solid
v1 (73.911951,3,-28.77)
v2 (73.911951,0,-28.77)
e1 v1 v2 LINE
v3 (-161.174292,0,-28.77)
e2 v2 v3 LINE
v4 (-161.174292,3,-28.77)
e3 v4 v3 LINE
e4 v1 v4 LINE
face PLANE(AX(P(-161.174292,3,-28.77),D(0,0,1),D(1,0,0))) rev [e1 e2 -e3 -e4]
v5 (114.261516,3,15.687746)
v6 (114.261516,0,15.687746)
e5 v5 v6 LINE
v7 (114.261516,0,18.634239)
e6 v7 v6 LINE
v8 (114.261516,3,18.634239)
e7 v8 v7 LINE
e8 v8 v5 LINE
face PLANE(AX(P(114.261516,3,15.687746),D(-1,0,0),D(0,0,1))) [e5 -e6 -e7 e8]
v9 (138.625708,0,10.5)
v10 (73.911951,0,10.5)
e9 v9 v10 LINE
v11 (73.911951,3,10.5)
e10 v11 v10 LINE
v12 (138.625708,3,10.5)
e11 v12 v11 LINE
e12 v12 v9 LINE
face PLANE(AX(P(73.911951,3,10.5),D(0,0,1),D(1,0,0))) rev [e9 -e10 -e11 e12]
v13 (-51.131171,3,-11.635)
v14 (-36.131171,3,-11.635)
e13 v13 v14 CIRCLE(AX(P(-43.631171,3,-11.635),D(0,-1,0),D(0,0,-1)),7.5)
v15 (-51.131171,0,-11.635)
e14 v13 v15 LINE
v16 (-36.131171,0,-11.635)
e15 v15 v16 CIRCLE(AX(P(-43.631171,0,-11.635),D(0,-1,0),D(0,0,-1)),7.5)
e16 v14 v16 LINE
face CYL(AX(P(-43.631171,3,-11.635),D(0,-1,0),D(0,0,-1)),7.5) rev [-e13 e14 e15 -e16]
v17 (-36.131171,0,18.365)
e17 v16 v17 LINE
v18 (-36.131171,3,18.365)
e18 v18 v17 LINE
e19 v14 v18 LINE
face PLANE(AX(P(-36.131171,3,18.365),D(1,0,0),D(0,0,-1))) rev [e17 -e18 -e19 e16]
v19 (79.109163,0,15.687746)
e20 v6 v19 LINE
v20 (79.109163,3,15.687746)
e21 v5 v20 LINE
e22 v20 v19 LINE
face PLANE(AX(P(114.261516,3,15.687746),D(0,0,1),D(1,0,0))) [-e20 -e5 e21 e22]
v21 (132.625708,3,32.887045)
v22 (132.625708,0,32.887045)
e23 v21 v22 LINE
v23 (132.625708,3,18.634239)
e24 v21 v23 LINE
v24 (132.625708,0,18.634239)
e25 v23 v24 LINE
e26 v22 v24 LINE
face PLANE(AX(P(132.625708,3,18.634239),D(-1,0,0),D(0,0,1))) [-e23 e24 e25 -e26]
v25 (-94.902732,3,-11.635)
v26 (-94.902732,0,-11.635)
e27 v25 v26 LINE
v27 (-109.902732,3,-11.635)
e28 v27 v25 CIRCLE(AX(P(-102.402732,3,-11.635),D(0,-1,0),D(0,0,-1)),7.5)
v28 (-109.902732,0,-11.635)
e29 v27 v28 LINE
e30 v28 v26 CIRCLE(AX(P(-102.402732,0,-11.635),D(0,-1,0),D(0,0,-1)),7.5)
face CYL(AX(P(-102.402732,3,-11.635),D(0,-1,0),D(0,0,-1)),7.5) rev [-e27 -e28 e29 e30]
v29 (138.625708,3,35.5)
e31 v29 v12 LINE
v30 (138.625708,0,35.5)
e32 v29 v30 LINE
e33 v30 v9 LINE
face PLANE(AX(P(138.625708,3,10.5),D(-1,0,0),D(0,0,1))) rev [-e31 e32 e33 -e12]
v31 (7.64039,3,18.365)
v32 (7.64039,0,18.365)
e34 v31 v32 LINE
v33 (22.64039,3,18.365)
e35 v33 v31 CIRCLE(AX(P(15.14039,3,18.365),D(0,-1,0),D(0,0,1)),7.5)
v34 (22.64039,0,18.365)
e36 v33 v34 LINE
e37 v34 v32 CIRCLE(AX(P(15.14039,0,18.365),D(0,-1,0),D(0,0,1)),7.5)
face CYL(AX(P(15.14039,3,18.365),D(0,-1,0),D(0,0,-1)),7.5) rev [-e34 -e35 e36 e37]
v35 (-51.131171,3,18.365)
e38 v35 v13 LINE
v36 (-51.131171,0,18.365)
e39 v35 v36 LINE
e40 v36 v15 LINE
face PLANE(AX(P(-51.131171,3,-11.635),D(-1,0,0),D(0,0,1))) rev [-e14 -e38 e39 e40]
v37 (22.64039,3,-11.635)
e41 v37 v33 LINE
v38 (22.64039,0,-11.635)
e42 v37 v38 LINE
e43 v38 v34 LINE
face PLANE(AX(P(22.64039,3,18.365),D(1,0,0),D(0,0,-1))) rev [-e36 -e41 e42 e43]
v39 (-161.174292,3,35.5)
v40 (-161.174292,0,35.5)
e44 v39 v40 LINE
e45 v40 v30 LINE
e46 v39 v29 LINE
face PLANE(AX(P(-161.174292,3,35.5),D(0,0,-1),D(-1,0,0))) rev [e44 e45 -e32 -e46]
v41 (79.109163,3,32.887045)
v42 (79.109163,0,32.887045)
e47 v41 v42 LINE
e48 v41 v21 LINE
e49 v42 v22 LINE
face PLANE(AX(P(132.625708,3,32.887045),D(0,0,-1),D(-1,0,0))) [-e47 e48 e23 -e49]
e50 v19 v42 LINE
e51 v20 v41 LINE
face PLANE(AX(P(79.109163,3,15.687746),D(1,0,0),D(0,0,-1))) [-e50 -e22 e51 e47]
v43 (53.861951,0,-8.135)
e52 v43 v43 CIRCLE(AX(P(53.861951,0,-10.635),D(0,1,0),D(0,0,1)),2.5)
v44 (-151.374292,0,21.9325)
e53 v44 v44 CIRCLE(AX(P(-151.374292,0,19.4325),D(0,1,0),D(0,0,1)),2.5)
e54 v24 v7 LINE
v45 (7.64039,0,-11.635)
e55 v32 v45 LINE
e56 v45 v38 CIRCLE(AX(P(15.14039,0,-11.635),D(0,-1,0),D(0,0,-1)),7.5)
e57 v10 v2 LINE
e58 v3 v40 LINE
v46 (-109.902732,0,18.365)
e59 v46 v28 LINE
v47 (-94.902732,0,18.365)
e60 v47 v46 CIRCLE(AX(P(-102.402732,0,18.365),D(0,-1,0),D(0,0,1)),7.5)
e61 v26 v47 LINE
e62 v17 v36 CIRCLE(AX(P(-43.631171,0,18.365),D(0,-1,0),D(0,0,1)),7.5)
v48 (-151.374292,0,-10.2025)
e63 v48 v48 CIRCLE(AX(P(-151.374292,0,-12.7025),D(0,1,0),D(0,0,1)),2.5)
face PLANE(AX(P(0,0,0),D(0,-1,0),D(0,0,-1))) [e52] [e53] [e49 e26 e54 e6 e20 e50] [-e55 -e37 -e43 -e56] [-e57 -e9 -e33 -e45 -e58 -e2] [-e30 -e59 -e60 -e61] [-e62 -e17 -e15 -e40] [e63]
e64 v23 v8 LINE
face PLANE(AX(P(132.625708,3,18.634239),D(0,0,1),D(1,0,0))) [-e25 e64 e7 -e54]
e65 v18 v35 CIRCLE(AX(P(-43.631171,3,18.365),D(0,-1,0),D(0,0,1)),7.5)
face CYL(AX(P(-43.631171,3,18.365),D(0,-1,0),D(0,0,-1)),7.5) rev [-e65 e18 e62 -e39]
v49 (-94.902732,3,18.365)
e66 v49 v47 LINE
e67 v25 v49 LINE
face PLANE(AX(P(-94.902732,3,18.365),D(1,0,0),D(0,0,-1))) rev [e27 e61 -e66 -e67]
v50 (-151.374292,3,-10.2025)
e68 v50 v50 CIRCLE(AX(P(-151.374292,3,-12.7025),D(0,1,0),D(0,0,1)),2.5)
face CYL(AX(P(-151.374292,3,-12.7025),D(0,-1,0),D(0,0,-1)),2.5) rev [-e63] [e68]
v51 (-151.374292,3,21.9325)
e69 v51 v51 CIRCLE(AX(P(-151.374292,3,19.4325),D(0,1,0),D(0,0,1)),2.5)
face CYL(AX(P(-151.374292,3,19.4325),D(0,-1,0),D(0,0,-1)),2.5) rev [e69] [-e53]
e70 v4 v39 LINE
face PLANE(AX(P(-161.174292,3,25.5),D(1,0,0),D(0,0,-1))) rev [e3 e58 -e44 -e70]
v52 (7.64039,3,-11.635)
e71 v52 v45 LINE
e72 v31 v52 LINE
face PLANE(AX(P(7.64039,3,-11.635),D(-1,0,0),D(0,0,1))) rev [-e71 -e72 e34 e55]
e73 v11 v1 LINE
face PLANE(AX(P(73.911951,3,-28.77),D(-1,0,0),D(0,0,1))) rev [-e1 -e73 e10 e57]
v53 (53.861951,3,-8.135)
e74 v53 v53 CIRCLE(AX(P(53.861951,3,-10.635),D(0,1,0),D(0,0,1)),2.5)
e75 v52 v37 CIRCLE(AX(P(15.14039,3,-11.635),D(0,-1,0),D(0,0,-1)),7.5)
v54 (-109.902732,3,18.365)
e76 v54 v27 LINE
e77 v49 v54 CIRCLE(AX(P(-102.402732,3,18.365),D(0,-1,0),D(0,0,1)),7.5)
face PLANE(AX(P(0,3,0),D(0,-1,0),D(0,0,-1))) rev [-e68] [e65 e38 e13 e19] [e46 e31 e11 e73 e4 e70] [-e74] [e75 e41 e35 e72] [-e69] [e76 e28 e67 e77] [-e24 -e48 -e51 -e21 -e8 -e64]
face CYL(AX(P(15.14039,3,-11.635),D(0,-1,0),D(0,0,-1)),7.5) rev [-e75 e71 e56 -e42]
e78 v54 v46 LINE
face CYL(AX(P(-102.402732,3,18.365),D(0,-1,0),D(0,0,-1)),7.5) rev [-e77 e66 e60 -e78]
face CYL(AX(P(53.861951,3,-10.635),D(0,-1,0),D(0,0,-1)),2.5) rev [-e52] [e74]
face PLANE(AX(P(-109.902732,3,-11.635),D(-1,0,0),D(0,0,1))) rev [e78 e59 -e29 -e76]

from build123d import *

# Parameters (mm, degrees)
ESQUISSE1_R             = 2.5
BOSS_EXTRU_1_DEPTH      = 3
ENL_V_MAT_EXTRU_1_DEPTH = 166.064843505


with BuildPart() as part:
    # Esquisse1 → Boss.-Extru.1 (new body)
    with BuildSketch(Plane(origin=(0, 0, 0), x_dir=(1, 0, 0), z_dir=(0, 1, 0))):
        Polygon((-161.174292495, 18.77), (-161.174292495, -25.5), (-161.174292495, -35.5), (138.625707505, -35.5), (138.625707505, -10.5), (73.911950915, -10.5), (73.911950915, 28.77), (-161.174292495, 28.77), align=None)
        with Locations(Location((-151.374292495, -19.4325, 0), (0, 0, 270))):
            Circle(ESQUISSE1_R, mode=Mode.SUBTRACT)
        with Locations(Location((-151.374292495, 12.7025, 0), (0, 0, 270))):
            Circle(ESQUISSE1_R, mode=Mode.SUBTRACT)
        with Locations(Location((53.861950915, 10.635, 0), (0, 0, 270))):
            Circle(ESQUISSE1_R, mode=Mode.SUBTRACT)
        Polygon((114.261515644, -15.687745544), (114.261515644, -18.634239014), (132.625707505, -18.634239014), (132.625707505, -32.887044638), (114.261515644, -32.887044638), (79.109163313, -32.887044638), (79.109163313, -15.687745544), align=None, mode=Mode.SUBTRACT)
    extrude(amount=BOSS_EXTRU_1_DEPTH)

    # Esquisse2 → Enlèv. mat.-Extru.1 (cut, through all)
    with BuildSketch(Plane.XZ):
        with BuildLine():
            Line((7.640390062, -11.635), (7.640390062, 18.365))
            ThreePointArc((7.640390062, 18.365), (15.140390062, 25.865), (22.640390062, 18.365))
            Line((22.640390062, 18.365), (22.640390062, -11.635))
            ThreePointArc((22.640390062, -11.635), (15.140390062, -19.135), (7.640390062, -11.635))
        make_face()
        with BuildLine():
            Line((-51.13117079, -11.635), (-51.13117079, 18.365))
            ThreePointArc((-51.13117079, 18.365), (-43.63117079, 25.865), (-36.13117079, 18.365))
            Line((-36.13117079, 18.365), (-36.13117079, -11.635))
            ThreePointArc((-36.13117079, -11.635), (-43.63117079, -19.135), (-51.13117079, -11.635))
        make_face()
        with BuildLine():
            Line((-109.902731643, -11.635), (-109.902731643, 18.365))
            ThreePointArc((-109.902731643, 18.365), (-102.402731643, 25.865), (-94.902731643, 18.365))
            Line((-94.902731643, 18.365), (-94.902731643, -11.635))
            ThreePointArc((-94.902731643, -11.635), (-102.402731643, -19.135), (-109.902731643, -11.635))
        make_face()
    extrude(amount=-ENL_V_MAT_EXTRU_1_DEPTH, mode=Mode.SUBTRACT)


solid = part.part
